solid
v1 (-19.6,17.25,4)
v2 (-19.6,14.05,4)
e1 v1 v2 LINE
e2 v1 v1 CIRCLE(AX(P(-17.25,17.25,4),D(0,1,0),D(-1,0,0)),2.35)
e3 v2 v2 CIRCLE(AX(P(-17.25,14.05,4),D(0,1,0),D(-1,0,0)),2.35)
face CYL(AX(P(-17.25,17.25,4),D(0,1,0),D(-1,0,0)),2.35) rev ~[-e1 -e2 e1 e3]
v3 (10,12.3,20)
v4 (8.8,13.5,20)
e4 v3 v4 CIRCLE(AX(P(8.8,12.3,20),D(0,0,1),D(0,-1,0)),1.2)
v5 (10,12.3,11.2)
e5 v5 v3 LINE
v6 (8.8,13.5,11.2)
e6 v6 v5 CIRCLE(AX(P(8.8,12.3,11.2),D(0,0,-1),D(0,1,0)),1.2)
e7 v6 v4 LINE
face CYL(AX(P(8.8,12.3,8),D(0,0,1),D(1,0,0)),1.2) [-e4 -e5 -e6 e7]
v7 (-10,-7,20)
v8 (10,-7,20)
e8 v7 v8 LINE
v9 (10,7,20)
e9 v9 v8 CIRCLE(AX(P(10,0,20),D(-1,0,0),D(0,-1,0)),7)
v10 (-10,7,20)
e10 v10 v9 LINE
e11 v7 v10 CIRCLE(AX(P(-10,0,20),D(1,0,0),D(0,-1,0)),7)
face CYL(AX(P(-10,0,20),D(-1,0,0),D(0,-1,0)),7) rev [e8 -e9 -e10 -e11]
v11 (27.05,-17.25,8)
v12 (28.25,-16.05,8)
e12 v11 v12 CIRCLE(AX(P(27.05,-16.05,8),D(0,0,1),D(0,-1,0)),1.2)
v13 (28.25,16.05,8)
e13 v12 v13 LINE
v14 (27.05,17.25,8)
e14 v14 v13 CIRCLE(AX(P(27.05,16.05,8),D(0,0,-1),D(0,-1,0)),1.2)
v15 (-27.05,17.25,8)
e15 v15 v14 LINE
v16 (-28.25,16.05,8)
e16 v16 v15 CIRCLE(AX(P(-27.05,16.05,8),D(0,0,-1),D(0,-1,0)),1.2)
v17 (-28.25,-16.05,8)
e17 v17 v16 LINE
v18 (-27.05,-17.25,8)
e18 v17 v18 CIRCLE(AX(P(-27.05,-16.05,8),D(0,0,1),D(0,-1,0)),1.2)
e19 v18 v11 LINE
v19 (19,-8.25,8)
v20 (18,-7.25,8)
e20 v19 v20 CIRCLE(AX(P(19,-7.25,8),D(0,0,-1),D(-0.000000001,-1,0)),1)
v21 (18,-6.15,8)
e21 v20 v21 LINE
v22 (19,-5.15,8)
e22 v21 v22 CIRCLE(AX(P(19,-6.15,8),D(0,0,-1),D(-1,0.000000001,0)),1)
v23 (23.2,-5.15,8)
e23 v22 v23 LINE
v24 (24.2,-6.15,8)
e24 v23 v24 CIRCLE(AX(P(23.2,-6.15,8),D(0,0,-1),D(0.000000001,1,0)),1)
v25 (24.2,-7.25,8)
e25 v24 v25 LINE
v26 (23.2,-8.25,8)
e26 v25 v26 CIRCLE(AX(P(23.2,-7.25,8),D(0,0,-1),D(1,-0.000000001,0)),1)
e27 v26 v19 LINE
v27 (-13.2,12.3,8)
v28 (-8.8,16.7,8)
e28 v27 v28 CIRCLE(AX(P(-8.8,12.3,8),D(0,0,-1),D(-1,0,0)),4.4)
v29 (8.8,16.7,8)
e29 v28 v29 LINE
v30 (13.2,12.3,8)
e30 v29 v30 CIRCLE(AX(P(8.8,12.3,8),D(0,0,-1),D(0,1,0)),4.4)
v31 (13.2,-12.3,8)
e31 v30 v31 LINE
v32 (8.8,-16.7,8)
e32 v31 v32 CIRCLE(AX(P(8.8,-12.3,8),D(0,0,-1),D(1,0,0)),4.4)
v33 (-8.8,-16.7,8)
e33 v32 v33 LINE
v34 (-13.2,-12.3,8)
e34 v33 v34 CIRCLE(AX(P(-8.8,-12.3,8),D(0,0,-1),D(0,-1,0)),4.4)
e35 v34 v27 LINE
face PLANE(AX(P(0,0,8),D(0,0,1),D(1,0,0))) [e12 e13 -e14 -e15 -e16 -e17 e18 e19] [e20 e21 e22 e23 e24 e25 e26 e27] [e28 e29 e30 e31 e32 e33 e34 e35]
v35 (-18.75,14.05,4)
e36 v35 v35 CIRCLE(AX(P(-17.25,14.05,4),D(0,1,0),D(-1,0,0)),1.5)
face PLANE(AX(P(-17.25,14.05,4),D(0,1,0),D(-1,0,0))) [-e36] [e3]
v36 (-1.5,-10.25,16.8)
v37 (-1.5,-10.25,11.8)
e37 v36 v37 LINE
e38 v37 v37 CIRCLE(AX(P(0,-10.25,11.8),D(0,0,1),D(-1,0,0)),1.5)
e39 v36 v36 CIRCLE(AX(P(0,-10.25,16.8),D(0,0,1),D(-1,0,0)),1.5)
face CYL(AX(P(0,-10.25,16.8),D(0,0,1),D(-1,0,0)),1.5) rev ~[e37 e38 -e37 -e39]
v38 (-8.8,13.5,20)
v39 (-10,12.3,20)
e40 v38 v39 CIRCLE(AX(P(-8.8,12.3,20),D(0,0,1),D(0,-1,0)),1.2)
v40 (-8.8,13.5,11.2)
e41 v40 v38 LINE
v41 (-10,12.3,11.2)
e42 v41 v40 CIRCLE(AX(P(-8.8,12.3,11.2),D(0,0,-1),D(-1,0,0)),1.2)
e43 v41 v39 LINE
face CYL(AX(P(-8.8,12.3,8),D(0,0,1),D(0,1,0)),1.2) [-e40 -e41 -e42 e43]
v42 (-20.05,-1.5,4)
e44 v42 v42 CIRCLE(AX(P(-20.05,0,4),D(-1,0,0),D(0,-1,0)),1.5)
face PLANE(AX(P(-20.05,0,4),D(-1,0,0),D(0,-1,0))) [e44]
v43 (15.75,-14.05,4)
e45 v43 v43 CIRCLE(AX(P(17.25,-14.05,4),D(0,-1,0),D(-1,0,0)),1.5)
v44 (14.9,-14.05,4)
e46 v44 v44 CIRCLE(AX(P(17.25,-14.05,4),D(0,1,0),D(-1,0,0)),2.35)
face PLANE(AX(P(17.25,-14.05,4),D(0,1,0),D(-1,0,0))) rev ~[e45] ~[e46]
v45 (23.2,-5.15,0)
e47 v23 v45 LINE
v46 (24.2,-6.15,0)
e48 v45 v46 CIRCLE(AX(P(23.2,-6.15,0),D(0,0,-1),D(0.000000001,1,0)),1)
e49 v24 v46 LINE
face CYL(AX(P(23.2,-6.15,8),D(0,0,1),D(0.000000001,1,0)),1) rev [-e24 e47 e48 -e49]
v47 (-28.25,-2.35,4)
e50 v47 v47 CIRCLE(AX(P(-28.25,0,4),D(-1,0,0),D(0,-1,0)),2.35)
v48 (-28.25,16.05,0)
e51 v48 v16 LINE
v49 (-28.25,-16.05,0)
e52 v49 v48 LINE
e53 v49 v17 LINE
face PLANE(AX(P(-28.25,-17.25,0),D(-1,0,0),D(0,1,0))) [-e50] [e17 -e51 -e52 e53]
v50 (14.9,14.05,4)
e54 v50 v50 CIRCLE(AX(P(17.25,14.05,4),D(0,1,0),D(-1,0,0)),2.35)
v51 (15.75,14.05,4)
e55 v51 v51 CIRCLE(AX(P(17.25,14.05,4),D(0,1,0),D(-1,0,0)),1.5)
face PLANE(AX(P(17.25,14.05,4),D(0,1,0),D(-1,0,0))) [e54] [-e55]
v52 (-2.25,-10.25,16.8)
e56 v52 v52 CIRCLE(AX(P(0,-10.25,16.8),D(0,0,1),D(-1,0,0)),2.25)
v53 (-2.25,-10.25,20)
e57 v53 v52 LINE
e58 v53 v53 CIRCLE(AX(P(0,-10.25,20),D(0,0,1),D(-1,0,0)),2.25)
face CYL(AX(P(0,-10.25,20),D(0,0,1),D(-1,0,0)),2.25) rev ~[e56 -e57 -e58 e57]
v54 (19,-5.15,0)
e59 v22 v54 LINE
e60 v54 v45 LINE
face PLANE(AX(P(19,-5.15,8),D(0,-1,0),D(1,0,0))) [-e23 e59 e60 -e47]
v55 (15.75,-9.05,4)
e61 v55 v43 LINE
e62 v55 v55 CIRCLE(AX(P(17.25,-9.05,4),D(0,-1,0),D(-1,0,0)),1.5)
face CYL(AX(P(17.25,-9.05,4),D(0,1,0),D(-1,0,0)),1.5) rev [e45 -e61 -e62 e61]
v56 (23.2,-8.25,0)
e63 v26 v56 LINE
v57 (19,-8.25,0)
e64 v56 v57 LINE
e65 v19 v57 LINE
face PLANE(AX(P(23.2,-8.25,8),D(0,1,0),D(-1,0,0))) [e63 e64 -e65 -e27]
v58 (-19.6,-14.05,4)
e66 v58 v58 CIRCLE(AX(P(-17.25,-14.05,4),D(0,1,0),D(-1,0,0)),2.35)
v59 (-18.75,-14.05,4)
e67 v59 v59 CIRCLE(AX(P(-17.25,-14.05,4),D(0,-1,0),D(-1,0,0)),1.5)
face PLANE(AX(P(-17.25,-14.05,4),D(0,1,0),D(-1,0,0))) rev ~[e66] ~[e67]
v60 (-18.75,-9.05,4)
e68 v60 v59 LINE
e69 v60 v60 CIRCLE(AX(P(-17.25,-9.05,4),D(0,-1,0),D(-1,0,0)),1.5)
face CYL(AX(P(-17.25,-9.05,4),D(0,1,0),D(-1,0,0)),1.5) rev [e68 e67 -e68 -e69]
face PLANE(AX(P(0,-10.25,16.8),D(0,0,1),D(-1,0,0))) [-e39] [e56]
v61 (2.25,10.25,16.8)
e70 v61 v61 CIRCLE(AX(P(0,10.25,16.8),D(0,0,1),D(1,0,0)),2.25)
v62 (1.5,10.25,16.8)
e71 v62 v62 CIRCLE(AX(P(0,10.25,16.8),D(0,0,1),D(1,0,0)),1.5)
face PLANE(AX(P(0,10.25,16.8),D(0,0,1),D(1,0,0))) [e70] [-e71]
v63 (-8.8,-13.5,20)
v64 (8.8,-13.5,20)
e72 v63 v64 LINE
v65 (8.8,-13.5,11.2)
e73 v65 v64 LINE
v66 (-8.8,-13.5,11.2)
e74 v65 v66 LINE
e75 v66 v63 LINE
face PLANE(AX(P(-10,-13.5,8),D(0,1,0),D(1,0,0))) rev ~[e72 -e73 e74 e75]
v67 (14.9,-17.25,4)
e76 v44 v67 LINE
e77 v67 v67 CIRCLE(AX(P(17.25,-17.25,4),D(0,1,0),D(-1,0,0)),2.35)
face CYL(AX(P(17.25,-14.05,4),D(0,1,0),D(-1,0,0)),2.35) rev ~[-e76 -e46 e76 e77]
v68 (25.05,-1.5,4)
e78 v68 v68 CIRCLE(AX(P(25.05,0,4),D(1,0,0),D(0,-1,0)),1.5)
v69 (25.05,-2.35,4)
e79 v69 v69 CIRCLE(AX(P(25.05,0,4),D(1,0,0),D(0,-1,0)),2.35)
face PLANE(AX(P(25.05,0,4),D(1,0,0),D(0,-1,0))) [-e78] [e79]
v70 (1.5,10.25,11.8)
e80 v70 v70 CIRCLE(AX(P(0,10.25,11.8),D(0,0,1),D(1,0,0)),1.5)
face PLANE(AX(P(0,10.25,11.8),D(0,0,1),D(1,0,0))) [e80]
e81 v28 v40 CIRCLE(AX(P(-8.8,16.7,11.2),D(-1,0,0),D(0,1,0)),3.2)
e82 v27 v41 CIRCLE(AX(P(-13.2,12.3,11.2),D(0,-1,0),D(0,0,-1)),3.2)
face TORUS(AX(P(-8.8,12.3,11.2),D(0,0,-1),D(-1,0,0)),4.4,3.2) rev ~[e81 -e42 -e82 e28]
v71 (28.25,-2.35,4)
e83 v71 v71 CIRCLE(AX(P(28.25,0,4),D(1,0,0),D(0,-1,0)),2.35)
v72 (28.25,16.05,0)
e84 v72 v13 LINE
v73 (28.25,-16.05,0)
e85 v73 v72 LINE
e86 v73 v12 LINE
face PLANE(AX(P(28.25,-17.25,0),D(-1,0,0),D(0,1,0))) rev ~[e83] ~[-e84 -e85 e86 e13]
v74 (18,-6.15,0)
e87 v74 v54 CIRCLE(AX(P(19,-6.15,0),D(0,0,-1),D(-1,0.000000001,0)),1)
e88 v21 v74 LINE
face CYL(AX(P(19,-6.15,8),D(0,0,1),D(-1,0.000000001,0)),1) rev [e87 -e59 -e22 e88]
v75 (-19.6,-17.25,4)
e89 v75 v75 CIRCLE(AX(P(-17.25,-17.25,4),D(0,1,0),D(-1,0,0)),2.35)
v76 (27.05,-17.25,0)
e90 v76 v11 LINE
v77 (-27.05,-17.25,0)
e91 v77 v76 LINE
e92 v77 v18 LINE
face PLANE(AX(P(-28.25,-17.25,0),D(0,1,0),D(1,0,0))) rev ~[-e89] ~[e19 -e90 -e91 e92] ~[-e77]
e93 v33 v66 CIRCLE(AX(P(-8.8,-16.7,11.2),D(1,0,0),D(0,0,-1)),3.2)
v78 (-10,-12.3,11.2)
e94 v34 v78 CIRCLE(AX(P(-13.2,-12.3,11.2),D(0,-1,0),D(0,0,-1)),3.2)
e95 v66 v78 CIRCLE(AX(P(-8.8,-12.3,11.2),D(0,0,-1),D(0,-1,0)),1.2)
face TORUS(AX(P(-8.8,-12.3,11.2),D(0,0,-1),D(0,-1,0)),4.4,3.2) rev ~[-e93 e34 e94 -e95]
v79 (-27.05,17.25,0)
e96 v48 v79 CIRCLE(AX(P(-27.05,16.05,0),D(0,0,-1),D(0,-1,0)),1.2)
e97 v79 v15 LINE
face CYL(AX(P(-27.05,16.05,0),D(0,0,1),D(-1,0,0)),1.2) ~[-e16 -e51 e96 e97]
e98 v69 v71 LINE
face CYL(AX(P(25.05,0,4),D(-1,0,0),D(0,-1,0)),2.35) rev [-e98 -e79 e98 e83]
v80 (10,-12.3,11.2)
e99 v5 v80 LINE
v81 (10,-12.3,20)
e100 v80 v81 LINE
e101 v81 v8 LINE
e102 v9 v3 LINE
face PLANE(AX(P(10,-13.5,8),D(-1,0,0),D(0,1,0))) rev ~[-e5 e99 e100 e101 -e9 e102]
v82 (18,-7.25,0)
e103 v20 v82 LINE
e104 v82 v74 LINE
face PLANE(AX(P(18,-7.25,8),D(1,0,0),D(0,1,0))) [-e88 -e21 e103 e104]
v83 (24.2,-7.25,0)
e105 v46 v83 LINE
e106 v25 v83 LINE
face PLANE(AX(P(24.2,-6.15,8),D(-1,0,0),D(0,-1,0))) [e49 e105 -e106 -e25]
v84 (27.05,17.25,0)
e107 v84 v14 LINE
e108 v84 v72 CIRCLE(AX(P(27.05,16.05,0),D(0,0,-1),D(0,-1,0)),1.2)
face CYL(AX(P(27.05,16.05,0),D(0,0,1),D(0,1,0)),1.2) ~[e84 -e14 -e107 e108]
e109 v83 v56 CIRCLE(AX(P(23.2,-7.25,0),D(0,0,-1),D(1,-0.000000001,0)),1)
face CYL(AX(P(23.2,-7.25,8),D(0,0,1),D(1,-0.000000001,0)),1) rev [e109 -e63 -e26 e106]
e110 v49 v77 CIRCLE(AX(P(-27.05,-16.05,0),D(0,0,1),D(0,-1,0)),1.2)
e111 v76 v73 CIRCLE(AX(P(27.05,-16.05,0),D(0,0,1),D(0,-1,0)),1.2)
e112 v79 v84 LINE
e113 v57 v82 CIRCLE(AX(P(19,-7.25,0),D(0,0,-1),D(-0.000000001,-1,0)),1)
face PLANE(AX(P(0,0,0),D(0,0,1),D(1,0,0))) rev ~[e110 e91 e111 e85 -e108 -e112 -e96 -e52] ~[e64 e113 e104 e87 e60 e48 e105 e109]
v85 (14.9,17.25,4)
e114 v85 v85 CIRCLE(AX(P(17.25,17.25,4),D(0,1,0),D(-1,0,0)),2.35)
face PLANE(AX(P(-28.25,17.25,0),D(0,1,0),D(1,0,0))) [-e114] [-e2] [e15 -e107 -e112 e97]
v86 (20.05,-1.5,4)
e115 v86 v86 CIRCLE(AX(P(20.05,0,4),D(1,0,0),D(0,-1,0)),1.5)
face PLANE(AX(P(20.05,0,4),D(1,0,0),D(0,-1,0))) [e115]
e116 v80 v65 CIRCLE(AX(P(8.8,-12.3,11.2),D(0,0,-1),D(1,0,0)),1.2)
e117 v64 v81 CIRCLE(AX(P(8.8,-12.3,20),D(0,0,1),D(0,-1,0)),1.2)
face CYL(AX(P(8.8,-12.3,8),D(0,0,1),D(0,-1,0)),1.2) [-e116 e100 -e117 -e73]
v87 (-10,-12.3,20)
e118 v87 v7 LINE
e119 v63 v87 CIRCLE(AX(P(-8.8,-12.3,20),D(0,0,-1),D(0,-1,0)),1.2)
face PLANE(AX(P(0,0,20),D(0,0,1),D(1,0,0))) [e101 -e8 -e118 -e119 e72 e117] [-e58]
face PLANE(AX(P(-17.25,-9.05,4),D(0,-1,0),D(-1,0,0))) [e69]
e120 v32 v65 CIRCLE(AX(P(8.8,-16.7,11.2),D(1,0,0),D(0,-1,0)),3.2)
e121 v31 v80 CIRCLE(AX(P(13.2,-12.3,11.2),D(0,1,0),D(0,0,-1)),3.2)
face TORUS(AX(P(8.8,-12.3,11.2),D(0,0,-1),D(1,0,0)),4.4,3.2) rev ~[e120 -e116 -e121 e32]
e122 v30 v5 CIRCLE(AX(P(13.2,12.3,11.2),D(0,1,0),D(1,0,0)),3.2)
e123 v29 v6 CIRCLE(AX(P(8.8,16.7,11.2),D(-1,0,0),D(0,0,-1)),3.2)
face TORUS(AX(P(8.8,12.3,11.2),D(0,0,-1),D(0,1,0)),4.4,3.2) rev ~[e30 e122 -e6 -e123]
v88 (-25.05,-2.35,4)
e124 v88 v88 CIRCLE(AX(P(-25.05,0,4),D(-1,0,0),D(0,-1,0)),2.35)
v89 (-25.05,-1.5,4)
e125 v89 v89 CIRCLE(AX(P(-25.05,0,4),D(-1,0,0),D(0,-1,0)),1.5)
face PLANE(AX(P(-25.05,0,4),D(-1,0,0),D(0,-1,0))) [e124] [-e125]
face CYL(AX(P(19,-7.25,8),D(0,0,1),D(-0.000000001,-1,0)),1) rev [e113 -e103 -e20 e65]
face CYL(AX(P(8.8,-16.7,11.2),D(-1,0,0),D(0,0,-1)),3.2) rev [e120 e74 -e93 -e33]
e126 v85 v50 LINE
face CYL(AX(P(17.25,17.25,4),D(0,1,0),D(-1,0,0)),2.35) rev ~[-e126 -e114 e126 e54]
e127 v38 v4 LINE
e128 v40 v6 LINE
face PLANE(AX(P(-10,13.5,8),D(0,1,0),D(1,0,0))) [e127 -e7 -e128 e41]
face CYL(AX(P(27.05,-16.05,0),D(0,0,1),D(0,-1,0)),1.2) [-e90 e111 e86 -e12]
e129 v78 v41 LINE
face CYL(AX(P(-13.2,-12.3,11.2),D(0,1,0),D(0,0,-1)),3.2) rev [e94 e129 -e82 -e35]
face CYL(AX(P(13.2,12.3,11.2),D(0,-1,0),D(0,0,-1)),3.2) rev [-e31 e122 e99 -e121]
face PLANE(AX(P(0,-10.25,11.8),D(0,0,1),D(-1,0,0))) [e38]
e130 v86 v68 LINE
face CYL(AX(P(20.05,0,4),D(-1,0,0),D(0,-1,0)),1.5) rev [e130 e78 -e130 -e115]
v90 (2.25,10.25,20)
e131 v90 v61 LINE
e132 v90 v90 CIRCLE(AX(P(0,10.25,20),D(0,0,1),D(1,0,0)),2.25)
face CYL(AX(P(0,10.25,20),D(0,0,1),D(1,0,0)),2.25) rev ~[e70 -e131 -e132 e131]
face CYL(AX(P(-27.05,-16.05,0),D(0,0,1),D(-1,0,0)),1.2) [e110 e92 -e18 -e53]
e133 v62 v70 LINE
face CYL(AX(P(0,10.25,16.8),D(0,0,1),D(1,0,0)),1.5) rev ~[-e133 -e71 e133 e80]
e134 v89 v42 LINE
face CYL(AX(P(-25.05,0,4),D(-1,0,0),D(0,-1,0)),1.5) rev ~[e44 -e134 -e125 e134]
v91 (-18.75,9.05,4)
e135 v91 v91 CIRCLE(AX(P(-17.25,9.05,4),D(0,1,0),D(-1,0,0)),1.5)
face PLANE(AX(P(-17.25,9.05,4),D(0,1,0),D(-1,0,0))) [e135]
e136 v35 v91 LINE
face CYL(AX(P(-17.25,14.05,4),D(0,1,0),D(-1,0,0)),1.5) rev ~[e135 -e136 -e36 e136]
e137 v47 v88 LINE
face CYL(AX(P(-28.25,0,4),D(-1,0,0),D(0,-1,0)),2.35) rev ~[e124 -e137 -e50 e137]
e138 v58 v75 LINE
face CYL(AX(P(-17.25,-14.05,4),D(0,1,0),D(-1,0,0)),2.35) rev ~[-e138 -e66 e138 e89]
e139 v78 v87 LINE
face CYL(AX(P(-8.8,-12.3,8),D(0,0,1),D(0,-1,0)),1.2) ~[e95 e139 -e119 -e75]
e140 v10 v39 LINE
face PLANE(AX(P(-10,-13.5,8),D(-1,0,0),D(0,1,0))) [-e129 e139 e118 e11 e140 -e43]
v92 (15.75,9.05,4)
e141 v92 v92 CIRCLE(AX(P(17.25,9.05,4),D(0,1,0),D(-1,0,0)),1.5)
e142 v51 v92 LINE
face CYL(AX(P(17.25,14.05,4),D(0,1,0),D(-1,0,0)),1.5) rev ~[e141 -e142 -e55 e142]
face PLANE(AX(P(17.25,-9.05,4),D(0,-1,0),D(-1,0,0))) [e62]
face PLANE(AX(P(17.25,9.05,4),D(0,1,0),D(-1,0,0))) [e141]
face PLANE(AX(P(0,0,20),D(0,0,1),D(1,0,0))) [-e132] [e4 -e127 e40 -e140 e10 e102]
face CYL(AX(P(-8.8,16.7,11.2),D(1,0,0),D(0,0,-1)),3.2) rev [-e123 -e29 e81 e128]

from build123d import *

# Parameters (mm, degrees)
ESQUISSE1_W                = 56.5
ESQUISSE1_H                = 34.5
BASE_DEPTH                 = 8
ESQUISSE2_R                = 2.35
INSERT_M3_L_DEPTH          = 3.2
INSERT_M3_R_START          = -3.2
ESQUISSE3_R                = 2.35
INSERT_M3_R_DEPTH          = 3.2
ESQUISSE4_R                = 2.35
INSERT_M3_TOP_DEPTH        = 3.2
INSER_M3_BOT_START         = 3.2
ESQUISSE5_R                = 2.35
INSER_M3_BOT_DEPTH         = 3.2
ESQUISSE11_R               = 1.5
PASSAGE_VIS_L_DEPTH        = 5
PASSAGE_VIS_R_START        = -5
ESQUISSE12_R               = 1.5
PASSAGE_VIS_R_DEPTH        = 5
ESQUISSE10_R               = 1.5
PASSAGE_VIS_TOP_DEPTH      = 5
PASSAGE_VIS_BOT_START      = -5
ESQUISSE13_R               = 1.5
PASSAGE_VIS_BOT_DEPTH      = 5
CONG_1_R                   = 1.2
ESQUISSE6_W                = 20
ESQUISSE6_H                = 27
SUPPORT_FIXATION_DEPTH     = 12
PASSAGE_GUIDON_REACH       = 48.483
CONG_VERTICAL_R            = 1.2
CONG_BASE_R                = 3.2
ESQUISSE8_R                = 2.25
INSERTS_M3_FIXATION_DEPTH  = 3.2
ESQUISSE9_R                = 1.5
PASSAGE_VIS_FIXATION_DEPTH = 5
PASSE_CABLE_DEPTH          = 8


with BuildPart() as part:
    # Esquisse1 → Base (new body)
    with BuildSketch(Plane.XY):
        Rectangle(ESQUISSE1_W, ESQUISSE1_H)
    extrude(amount=BASE_DEPTH)

    # Esquisse2 → Insert_M3_L (cut)
    with BuildSketch(Plane.ZY.offset(28.25)):
        with Locations(Location((4, 0, 0), (0, 0, 270))):
            Circle(ESQUISSE2_R)
    extrude(amount=-INSERT_M3_L_DEPTH, mode=Mode.SUBTRACT)

    # Esquisse3 → Insert_M3_R (cut)
    with BuildSketch(Plane(origin=(28.25, 0, 0), x_dir=(0, 0, -1), z_dir=(1, 0, 0)).offset(INSERT_M3_R_START)):
        with Locations(Location((-4, 0, 0), (0, 0, 270))):
            Circle(ESQUISSE3_R)
    extrude(amount=INSERT_M3_R_DEPTH, mode=Mode.SUBTRACT)

    # Esquisse4 → Insert_M3_TOP (cut)
    with BuildSketch(Plane(origin=(0, 17.25, 0), x_dir=(1, 0, 0), z_dir=(0, 1, 0))):
        with Locations(Location((-17.25, -4, 0), (0, 0, 180))):
            Circle(ESQUISSE4_R)
        with Locations(Location((17.25, -4, 0), (0, 0, 180))):
            Circle(ESQUISSE4_R)
    extrude(amount=-INSERT_M3_TOP_DEPTH, mode=Mode.SUBTRACT)

    # Esquisse5 → Inser_M3_BOT (cut)
    with BuildSketch(Plane(origin=(0, -17.25, -17), x_dir=(1, 0, 0), z_dir=(0, 1, 0)).offset(INSER_M3_BOT_START)):
        with Locations(Location((-17.25, -21, 0), (0, 0, 180))):
            Circle(ESQUISSE5_R)
        with Locations(Location((17.25, -21, 0), (0, 0, 180))):
            Circle(ESQUISSE5_R)
    extrude(amount=-INSER_M3_BOT_DEPTH, mode=Mode.SUBTRACT)

    # Esquisse11 → Passage_Vis_L (cut)
    with BuildSketch(Plane.ZY.offset(25.05)):
        with Locations(Location((4, 0, 0), (0, 0, 270))):
            Circle(ESQUISSE11_R)
    extrude(amount=-PASSAGE_VIS_L_DEPTH, mode=Mode.SUBTRACT)

    # Esquisse12 → Passage_Vis_R (cut)
    with BuildSketch(Plane(origin=(25.05, 0, 0), x_dir=(0, 0, -1), z_dir=(1, 0, 0)).offset(PASSAGE_VIS_R_START)):
        with Locations(Location((-4, 0, 0), (0, 0, 270))):
            Circle(ESQUISSE12_R)
    extrude(amount=PASSAGE_VIS_R_DEPTH, mode=Mode.SUBTRACT)

    # Esquisse10 → Passage_Vis_TOP (cut)
    with BuildSketch(Plane(origin=(0, 14.05, 0), x_dir=(1, 0, 0), z_dir=(0, 1, 0))):
        with Locations(Location((-17.25, -4, 0), (0, 0, 180))):
            Circle(ESQUISSE10_R)
        with Locations(Location((17.25, -4, 0), (0, 0, 180))):
            Circle(ESQUISSE10_R)
    extrude(amount=-PASSAGE_VIS_TOP_DEPTH, mode=Mode.SUBTRACT)

    # Esquisse13 → Passage_Vis_BOT (cut)
    with BuildSketch(Plane.XZ.offset(14.05).offset(PASSAGE_VIS_BOT_START)):
        with Locations(Location((-17.25, 4, 0), (0, 0, 180))):
            Circle(ESQUISSE13_R)
        with Locations(Location((17.25, 4, 0), (0, 0, 180))):
            Circle(ESQUISSE13_R)
    extrude(amount=PASSAGE_VIS_BOT_DEPTH, mode=Mode.SUBTRACT)

    # Congé1
    cong_1_edges = [part.edges().sort_by_distance(p)[0] for p in [
        (-28.25, 17.25, 4),
        (28.25, 17.25, 4),
        (28.25, -17.25, 4),
        (-28.25, -17.25, 4),
    ]]
    fillet(cong_1_edges, radius=CONG_1_R)

    # Esquisse6 → Support_Fixation (add)
    with BuildSketch(Plane.XY.offset(8)):
        Rectangle(ESQUISSE6_W, ESQUISSE6_H)
    extrude(amount=SUPPORT_FIXATION_DEPTH)

    # Esquisse7 → Passage_Guidon (cut, up to next)
    with BuildSketch(Plane.ZY.offset(10), mode=Mode.PRIVATE) as passage_guidon_sk1:
        with BuildLine():
            Line((20, 7), (20, -7))
            ThreePointArc((20, -7), (13, 0), (20, 7))
        make_face()
    passage_guidon_tool1 = extrude(passage_guidon_sk1.sketch, amount=-PASSAGE_GUIDON_REACH, mode=Mode.PRIVATE) & part.part
    add(passage_guidon_tool1.solids().sort_by_distance((-10, 0, 17.029108))[0], mode=Mode.SUBTRACT)

    # Congé_Vertical
    cong_vertical_edges = [part.edges().sort_by_distance(p)[0] for p in [
        (-10, 13.5, 14),
        (-10, -13.5, 14),
        (10, -13.5, 14),
        (10, 13.5, 14),
    ]]
    fillet(cong_vertical_edges, radius=CONG_VERTICAL_R)

    # Congé_Base
    cong_base_edges = [part.edges().sort_by_distance(p)[0] for p in [
        (-10, 0, 8),
        (0, 13.5, 8),
        (10, 0, 8),
        (0, -13.5, 8),
        (-9.648528137, 13.148528137, 8),
        (9.648528137, 13.148528137, 8),
        (9.648528137, -13.148528137, 8),
        (-9.648528137, -13.148528137, 8),
    ]]
    fillet(cong_base_edges, radius=CONG_BASE_R)

    # Esquisse8 → Inserts_M3_Fixation (cut)
    with BuildSketch(Plane.XY.offset(20)):
        with Locations((0, 10.25)):
            Circle(ESQUISSE8_R)
        with Locations(Location((0, -10.25, 0), (0, 0, 180))):
            Circle(ESQUISSE8_R)
    extrude(amount=-INSERTS_M3_FIXATION_DEPTH, mode=Mode.SUBTRACT)

    # Esquisse9 → Passage_Vis_Fixation (cut)
    with BuildSketch(Plane.XY.offset(16.8)):
        with Locations((0, 10.25)):
            Circle(ESQUISSE9_R)
        with Locations(Location((0, -10.25, 0), (0, 0, 180))):
            Circle(ESQUISSE9_R)
    extrude(amount=-PASSAGE_VIS_FIXATION_DEPTH, mode=Mode.SUBTRACT)

    # Esquisse14 → Passe_Cable (cut)
    with BuildSketch(Plane.XY.offset(8)):
        with BuildLine():
            Line((19, -5.15), (23.2, -5.15))
            ThreePointArc((23.2, -5.15), (23.907106781, -5.442893219), (24.2, -6.15))
            Line((24.2, -6.15), (24.2, -7.25))
            ThreePointArc((24.2, -7.25), (23.907106781, -7.957106781), (23.2, -8.25))
            Line((23.2, -8.25), (19, -8.25))
            ThreePointArc((19, -8.25), (18.292893219, -7.957106781), (18, -7.25))
            Line((18, -7.25), (18, -6.15))
            ThreePointArc((18, -6.15), (18.292893219, -5.442893219), (19, -5.15))
        make_face()
    extrude(amount=-PASSE_CABLE_DEPTH, mode=Mode.SUBTRACT)


solid = part.part
